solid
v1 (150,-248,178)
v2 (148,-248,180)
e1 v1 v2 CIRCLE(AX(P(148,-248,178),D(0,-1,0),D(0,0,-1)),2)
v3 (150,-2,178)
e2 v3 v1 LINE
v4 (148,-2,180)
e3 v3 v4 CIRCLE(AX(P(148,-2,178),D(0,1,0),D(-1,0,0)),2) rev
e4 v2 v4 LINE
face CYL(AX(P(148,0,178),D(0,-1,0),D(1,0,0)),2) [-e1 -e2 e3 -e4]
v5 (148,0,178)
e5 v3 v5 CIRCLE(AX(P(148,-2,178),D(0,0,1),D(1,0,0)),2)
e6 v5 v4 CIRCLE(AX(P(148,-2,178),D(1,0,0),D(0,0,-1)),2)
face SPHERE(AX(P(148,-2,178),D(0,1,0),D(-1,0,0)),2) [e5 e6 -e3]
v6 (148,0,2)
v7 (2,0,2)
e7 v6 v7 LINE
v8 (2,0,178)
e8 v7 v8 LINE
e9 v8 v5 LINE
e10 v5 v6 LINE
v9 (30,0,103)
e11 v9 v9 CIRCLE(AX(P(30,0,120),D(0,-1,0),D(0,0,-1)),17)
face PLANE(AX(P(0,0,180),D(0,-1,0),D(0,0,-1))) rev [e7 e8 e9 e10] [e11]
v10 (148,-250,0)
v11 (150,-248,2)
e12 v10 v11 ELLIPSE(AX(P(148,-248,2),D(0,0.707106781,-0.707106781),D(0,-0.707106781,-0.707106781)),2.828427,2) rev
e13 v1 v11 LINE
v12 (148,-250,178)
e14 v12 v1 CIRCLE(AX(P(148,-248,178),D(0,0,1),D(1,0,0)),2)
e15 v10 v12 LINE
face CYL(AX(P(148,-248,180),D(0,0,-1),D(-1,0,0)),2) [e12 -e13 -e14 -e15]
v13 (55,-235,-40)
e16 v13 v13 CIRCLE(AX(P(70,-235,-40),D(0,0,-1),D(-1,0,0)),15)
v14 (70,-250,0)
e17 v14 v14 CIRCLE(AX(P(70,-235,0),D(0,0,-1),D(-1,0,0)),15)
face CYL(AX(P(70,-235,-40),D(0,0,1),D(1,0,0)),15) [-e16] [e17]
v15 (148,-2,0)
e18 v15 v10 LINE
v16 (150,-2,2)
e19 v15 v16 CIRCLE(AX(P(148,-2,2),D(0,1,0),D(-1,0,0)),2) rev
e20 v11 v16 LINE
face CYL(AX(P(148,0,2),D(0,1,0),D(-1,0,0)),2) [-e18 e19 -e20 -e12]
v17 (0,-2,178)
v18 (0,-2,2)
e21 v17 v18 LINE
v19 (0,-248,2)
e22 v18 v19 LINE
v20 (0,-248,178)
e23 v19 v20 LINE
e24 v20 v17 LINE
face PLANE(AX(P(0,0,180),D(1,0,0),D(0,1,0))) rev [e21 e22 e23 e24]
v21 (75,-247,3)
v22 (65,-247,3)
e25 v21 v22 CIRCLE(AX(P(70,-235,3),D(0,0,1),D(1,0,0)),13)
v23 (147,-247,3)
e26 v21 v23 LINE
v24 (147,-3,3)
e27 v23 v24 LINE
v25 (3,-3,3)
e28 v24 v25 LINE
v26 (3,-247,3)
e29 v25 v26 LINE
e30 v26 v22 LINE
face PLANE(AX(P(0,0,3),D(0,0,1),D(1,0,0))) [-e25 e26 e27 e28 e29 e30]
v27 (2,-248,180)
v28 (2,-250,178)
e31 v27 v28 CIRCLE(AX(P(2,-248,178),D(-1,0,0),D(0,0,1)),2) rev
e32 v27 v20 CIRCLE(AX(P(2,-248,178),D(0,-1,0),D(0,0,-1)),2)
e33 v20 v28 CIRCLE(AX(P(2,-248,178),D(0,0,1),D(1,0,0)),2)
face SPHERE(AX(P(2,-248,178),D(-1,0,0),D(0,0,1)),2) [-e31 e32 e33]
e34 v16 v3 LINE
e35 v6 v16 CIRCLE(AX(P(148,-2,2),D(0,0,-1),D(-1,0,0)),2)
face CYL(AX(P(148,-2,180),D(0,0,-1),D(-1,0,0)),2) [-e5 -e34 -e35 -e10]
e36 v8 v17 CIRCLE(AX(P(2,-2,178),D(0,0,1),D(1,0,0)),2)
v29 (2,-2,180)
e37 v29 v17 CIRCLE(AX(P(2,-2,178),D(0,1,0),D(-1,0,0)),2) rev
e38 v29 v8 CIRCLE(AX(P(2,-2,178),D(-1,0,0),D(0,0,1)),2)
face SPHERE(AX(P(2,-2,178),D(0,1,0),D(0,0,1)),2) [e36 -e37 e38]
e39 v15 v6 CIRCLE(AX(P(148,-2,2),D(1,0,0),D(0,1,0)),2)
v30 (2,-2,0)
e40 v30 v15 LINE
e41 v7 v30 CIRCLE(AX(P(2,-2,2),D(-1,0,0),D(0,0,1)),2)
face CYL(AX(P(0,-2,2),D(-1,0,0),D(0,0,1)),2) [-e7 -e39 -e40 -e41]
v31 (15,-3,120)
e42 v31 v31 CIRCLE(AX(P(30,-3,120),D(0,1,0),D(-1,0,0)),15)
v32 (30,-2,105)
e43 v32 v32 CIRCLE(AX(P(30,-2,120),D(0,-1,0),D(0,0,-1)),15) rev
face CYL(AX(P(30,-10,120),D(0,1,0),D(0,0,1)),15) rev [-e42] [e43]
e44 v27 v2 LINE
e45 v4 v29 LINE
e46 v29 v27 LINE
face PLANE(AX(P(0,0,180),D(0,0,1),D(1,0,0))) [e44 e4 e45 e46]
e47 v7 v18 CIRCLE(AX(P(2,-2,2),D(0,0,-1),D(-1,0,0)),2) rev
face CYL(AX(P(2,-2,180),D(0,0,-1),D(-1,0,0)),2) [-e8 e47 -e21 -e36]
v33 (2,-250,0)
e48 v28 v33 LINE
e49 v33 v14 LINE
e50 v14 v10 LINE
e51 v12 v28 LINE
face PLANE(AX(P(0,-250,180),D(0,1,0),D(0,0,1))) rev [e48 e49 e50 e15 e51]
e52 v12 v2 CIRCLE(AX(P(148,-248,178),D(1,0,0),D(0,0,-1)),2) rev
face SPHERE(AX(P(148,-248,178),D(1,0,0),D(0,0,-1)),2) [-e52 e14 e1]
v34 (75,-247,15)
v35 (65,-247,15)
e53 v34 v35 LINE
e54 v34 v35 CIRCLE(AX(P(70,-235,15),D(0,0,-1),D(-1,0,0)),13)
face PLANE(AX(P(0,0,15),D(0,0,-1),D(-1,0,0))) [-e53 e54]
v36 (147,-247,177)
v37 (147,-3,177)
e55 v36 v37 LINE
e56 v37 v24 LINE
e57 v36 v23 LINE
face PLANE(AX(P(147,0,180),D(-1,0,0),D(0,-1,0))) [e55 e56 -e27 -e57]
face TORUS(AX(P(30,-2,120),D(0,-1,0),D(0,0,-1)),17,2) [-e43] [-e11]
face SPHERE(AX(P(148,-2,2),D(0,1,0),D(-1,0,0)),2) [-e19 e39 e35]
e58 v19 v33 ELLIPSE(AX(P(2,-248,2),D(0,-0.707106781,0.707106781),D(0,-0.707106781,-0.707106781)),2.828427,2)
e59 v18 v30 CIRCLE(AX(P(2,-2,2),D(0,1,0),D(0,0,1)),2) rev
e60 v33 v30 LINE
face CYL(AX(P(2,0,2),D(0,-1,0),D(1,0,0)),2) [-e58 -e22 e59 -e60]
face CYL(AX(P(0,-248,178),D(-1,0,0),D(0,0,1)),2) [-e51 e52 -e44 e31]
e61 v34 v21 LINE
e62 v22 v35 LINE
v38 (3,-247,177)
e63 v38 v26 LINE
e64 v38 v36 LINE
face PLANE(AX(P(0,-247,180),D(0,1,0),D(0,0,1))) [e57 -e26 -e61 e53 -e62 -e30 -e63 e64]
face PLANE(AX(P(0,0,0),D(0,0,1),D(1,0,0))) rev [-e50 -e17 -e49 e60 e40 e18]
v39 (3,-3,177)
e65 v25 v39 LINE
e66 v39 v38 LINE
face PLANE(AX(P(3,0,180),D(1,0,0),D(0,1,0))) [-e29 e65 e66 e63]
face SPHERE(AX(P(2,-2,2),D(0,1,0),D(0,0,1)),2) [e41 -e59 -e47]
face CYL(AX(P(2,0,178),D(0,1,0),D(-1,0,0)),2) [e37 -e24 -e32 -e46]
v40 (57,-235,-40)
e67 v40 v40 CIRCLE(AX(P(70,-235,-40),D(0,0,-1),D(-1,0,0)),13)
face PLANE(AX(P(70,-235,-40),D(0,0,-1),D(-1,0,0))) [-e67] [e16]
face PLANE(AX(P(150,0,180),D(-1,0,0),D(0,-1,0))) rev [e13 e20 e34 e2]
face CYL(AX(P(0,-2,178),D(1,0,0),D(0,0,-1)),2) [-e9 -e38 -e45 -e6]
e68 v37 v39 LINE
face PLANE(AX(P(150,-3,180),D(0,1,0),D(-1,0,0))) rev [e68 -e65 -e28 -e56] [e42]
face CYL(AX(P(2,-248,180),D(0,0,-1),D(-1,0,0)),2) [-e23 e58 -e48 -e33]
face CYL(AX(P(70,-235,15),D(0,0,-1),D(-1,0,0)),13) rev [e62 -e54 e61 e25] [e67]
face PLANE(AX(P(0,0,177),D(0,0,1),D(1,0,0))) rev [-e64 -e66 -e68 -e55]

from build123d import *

# Parameters (mm, degrees)
SKETCH1_W           = 150
SKETCH1_H           = 250
BOSS_EXTRUDE1_DEPTH = 180
SHELL1_T            = -3
SKETCH2_W           = 150
SKETCH2_H           = 3
BOSS_EXTRUDE2_DEPTH = 180
SKETCH3_R           = 15
CUT_EXTRUDE1_DEPTH  = 10
FILLET1_R           = 2
SKETCH9_R           = 13
CUT_EXTRUDE2_DEPTH  = 15
BOSS_EXTRUDE3_START = 40
SKETCH9_3_R         = 15
SKETCH9_3_R_2       = 13
BOSS_EXTRUDE3_DEPTH = 40


with BuildPart() as part:
    # Sketch1 → Boss-Extrude1 (new body)
    with BuildSketch(Plane.XY):
        with Locations((75, -125)):
            Rectangle(SKETCH1_W, SKETCH1_H)
    extrude(amount=BOSS_EXTRUDE1_DEPTH)

    # Shell1
    shell1_openings = [part.faces().sort_by_distance(p)[0] for p in [
        (75, 0, 90),
    ]]
    offset(amount=SHELL1_T, openings=shell1_openings, kind=Kind.INTERSECTION)

    # Sketch2 → Boss-Extrude2 (add)
    with BuildSketch(Plane.XY):
        with Locations((75, -1.5)):
            Rectangle(SKETCH2_W, SKETCH2_H)
    extrude(amount=BOSS_EXTRUDE2_DEPTH)

    # Sketch3 → Cut-Extrude1 (cut)
    with BuildSketch(Plane(origin=(0, 0, 0), x_dir=(1, 0, 0), z_dir=(0, 1, 0))):
        with Locations((30, -120)):
            Circle(SKETCH3_R)
    extrude(amount=-CUT_EXTRUDE1_DEPTH, mode=Mode.SUBTRACT)

    # Fillet1
    fillet1_edges = [part.edges().sort_by_distance(p)[0] for p in [
        (0, 0, 90),
        (150, 0, 90),
        (0, -250, 90),
        (150, -250, 90),
        (0, -125, 0),
        (150, -125, 0),
        (75, 0, 0),
        (75, 0, 180),
        (150, -125, 180),
        (75, -250, 180),
        (0, -125, 180),
        (15, 0, 120),
    ]]
    fillet(fillet1_edges, radius=FILLET1_R)

    # Sketch9 → Cut-Extrude2 (cut)
    with BuildSketch(Plane(origin=(0, 0, 0), x_dir=(-1, 0, 0), z_dir=(0, 0, -1))):
        with Locations((-70, -235)):
            Circle(SKETCH9_R)
    extrude(amount=-CUT_EXTRUDE2_DEPTH, mode=Mode.SUBTRACT)

    # Sketch9<3> → Boss-Extrude3 (add)
    with BuildSketch(Plane(origin=(0, 0, 0), x_dir=(-1, 0, 0), z_dir=(0, 0, -1)).offset(BOSS_EXTRUDE3_START)):
        with Locations((-70, -235)):
            Circle(SKETCH9_3_R)
        with Locations((-70, -235)):
            Circle(SKETCH9_3_R_2, mode=Mode.SUBTRACT)
    extrude(amount=-BOSS_EXTRUDE3_DEPTH)


solid = part.part
